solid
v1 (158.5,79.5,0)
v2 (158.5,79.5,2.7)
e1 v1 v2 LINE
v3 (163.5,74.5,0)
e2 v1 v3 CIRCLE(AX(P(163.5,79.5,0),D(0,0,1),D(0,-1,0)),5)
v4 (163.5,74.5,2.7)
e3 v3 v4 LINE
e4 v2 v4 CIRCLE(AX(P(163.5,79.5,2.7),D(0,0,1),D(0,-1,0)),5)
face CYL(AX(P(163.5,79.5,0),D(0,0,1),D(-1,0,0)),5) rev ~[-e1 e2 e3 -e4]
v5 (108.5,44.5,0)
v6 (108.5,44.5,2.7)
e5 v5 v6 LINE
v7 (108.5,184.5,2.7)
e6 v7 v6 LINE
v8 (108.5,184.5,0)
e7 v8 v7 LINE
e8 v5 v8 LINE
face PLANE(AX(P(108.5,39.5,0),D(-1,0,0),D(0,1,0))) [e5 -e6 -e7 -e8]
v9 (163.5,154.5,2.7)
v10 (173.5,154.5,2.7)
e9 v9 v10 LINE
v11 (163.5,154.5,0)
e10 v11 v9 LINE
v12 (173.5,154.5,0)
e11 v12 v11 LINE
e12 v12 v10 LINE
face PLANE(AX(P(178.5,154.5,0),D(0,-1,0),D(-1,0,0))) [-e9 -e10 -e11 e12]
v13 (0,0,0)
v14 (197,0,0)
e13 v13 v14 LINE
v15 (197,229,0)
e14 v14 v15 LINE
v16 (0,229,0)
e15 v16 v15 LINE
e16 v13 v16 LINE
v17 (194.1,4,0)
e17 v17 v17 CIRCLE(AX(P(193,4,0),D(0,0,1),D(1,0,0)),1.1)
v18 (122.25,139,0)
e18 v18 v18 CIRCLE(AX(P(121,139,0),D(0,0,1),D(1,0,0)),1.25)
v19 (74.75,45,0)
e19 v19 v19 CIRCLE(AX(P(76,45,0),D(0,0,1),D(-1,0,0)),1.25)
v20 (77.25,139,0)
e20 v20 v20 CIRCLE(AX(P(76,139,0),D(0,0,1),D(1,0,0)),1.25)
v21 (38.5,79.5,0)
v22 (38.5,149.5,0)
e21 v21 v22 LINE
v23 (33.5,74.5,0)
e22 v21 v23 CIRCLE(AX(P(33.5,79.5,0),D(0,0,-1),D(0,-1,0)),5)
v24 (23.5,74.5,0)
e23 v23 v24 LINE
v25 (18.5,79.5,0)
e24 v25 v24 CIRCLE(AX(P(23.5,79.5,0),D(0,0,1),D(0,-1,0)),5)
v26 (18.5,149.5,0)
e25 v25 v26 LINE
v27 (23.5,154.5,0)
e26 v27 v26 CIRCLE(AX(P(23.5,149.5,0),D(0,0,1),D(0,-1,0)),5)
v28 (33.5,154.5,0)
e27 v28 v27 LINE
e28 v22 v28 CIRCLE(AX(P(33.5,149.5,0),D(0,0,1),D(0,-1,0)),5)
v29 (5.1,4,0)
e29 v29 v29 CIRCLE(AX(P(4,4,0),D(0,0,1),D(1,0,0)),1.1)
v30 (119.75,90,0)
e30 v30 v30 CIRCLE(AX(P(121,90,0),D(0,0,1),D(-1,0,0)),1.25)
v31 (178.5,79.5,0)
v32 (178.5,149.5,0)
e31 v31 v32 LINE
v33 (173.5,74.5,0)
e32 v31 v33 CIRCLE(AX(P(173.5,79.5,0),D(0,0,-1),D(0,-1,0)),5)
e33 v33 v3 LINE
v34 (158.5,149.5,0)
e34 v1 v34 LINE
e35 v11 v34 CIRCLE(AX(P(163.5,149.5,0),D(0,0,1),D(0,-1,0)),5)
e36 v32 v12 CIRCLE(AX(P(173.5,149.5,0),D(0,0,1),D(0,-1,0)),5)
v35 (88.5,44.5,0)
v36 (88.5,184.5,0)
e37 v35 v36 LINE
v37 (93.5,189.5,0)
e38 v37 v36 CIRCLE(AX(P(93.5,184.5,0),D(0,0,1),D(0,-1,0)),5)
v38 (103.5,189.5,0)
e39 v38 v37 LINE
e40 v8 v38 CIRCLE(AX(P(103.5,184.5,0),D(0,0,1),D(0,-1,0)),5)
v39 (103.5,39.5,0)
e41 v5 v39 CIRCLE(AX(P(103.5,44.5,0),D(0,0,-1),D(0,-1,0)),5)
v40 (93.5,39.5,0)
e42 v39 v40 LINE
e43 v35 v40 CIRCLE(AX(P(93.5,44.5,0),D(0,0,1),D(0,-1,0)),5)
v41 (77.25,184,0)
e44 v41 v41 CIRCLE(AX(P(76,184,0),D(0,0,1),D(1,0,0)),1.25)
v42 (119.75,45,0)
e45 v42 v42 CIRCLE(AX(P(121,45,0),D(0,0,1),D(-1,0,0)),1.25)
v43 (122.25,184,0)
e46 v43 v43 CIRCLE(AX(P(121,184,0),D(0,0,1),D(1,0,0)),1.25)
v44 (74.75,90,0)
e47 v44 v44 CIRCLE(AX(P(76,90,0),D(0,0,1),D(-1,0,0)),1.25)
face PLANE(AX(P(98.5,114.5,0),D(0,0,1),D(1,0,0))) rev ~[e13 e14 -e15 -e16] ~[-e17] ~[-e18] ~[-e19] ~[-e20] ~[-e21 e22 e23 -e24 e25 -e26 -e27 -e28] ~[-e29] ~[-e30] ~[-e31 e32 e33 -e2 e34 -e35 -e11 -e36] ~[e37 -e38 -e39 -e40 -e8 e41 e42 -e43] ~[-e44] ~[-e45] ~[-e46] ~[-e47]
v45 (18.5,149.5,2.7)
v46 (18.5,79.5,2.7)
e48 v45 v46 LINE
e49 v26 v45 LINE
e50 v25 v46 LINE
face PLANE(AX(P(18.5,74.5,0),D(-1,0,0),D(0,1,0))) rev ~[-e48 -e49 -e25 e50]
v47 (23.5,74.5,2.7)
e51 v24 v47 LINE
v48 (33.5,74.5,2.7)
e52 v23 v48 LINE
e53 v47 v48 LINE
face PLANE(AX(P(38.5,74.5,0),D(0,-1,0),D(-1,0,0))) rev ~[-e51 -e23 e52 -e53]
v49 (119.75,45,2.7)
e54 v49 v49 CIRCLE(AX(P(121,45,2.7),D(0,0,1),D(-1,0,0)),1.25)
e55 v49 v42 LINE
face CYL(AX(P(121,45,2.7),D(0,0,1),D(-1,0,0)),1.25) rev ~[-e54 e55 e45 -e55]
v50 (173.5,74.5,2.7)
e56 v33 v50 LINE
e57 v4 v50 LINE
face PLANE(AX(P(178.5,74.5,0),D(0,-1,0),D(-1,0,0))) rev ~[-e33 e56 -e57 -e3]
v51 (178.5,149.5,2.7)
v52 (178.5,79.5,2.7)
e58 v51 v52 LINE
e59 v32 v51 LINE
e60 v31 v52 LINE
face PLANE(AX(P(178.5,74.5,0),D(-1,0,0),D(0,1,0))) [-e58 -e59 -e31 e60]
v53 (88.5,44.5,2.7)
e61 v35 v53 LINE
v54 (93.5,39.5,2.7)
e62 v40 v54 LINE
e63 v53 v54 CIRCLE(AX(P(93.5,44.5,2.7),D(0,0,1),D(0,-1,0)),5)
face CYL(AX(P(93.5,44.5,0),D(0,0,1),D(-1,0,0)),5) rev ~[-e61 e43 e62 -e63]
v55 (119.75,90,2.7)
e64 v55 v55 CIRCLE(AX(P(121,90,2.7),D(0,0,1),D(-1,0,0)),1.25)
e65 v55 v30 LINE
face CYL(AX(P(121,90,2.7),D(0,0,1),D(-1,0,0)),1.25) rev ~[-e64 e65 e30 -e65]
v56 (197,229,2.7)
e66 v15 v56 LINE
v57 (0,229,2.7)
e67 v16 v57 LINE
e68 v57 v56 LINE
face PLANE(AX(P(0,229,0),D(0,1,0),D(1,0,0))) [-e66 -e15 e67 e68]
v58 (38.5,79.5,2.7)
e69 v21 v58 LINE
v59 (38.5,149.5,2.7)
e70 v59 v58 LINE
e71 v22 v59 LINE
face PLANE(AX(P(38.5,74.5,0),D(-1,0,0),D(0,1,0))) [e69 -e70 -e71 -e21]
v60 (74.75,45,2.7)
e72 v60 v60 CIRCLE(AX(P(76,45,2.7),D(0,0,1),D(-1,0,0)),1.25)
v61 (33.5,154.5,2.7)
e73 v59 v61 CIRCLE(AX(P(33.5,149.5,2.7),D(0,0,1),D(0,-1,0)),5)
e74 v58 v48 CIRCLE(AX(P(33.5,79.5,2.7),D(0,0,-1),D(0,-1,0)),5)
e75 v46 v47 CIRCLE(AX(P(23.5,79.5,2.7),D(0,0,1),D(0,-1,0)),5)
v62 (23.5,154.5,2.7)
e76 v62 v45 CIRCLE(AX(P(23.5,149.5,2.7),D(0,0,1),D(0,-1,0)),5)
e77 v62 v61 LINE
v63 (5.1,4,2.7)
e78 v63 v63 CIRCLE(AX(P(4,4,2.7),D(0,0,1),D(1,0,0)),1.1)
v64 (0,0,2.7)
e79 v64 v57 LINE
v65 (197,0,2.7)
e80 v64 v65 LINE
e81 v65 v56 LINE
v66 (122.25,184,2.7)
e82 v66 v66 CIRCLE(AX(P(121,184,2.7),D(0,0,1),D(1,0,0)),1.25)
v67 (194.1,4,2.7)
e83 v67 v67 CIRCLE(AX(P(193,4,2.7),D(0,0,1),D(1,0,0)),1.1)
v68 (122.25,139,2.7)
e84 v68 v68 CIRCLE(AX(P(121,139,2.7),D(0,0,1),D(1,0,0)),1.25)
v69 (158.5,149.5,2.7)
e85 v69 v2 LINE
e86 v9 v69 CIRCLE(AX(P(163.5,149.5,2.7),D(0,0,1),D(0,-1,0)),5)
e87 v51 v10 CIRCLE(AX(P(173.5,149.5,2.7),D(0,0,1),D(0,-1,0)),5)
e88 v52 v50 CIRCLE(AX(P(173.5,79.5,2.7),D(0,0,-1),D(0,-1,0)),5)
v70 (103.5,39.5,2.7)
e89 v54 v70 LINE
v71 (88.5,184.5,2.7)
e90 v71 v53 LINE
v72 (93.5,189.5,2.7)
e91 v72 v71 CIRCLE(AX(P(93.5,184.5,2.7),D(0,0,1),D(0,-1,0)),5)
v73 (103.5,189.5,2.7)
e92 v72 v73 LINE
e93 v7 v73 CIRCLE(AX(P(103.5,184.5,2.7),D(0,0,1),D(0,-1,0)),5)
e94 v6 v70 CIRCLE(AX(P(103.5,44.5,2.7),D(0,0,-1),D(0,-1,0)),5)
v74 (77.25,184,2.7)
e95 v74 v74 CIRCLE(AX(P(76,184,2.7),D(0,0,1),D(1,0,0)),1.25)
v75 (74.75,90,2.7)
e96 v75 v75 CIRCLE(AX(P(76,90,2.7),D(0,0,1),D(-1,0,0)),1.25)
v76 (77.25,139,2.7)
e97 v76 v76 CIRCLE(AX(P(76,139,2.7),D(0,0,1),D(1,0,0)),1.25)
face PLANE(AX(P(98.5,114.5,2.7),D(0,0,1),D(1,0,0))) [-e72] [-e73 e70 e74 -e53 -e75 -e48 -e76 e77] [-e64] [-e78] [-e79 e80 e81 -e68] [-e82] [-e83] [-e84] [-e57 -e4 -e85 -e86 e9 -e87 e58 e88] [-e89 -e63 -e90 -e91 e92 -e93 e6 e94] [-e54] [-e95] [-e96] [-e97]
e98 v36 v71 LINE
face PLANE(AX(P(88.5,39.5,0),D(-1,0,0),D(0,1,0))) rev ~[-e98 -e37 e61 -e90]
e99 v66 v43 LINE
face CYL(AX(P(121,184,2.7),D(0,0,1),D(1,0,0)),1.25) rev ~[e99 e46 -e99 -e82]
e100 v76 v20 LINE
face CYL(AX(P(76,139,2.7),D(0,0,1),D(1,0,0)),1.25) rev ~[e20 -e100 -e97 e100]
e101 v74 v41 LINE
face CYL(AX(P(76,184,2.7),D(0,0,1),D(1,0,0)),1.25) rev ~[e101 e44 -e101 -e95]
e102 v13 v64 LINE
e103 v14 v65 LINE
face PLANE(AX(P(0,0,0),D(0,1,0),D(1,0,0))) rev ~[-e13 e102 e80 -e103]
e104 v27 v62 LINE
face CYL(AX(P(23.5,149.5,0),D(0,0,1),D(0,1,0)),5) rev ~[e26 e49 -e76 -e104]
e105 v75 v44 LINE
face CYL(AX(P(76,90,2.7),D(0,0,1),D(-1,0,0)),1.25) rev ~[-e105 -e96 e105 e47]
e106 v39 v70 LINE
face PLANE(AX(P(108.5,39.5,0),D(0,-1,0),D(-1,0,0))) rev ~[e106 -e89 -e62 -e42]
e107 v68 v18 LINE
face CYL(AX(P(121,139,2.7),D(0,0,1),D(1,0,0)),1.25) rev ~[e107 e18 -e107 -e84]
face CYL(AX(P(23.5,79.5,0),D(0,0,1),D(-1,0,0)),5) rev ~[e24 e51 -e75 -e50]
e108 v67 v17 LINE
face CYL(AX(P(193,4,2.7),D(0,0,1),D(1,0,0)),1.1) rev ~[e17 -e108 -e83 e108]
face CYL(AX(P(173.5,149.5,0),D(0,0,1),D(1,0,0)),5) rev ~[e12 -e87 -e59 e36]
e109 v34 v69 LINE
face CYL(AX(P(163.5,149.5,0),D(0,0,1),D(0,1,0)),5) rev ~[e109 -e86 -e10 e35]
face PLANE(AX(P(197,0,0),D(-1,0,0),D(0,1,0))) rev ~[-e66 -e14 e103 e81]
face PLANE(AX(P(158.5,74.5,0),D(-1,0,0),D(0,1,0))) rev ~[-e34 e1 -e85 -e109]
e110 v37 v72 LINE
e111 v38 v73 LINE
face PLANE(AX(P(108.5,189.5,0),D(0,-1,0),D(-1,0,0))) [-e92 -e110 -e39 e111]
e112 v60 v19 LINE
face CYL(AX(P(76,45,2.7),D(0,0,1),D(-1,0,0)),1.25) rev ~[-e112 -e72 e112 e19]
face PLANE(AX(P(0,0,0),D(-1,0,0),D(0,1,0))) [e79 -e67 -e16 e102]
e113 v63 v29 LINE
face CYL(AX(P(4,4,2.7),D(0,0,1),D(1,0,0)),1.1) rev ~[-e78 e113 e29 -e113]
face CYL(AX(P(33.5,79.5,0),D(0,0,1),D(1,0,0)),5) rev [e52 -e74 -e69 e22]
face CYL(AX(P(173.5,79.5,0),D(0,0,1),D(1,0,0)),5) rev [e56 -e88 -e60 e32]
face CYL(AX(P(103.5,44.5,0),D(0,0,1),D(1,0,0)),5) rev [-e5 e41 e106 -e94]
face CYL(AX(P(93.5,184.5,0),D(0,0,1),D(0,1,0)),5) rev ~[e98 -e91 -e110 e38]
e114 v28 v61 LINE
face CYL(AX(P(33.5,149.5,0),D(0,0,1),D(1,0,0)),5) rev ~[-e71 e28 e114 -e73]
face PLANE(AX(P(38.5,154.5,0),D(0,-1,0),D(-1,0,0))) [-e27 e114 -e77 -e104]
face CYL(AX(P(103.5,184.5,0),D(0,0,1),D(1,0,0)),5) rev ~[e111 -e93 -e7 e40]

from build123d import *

# Parameters (mm, degrees)
SKETCH_1_W          = 197
SKETCH_1_H          = 229
EXTRUDE_1_DEPTH     = 2.7
SKETCH_2_R          = 1.1
CUT_EXTRUDE_1_DEPTH = 2.85
SKETCH_6_W          = 20
SKETCH_6_H          = 80
SKETCH_6_H_2        = 150
CUT_EXTRUDE_4_DEPTH = 10
FILLET_1_R          = 5
SKETCH_7_R          = 1.25
CUT_EXTRUDE_5_DEPTH = 10


with BuildPart() as part:
    # 草图1 → 凸台-拉伸1 (new body)
    with BuildSketch(Plane.XY):
        with Locations((98.5, 114.5)):
            Rectangle(SKETCH_1_W, SKETCH_1_H)
    extrude(amount=EXTRUDE_1_DEPTH)

    # 草图2 → 切除-拉伸1 (cut)
    with BuildSketch(Plane.XY.offset(2.7)):
        with Locations((4, 4)):
            Circle(SKETCH_2_R)
        with Locations((193, 4)):
            Circle(SKETCH_2_R)
    extrude(amount=-CUT_EXTRUDE_1_DEPTH, mode=Mode.SUBTRACT)

    # 草图6 → 切除-拉伸4 (cut)
    with BuildSketch(Plane(origin=(0, 0, 0), x_dir=(-1, 0, 0), z_dir=(0, 0, -1))):
        with Locations((-168.5, 114.5)):
            Rectangle(SKETCH_6_W, SKETCH_6_H)
        with Locations((-28.5, 114.5)):
            Rectangle(SKETCH_6_W, SKETCH_6_H)
        with Locations((-98.5, 114.5)):
            Rectangle(SKETCH_6_W, SKETCH_6_H_2)
    extrude(amount=-CUT_EXTRUDE_4_DEPTH, mode=Mode.SUBTRACT)

    # 圆角1
    fillet_1_edges = [part.edges().sort_by_distance(p)[0] for p in [
        (178.5, 74.5, 1.35),
        (178.5, 154.5, 1.35),
        (158.5, 154.5, 1.35),
        (158.5, 74.5, 1.35),
        (38.5, 74.5, 1.35),
        (38.5, 154.5, 1.35),
        (18.5, 154.5, 1.35),
        (18.5, 74.5, 1.35),
        (108.5, 39.5, 1.35),
        (108.5, 189.5, 1.35),
        (88.5, 189.5, 1.35),
        (88.5, 39.5, 1.35),
    ]]
    fillet(fillet_1_edges, radius=FILLET_1_R)

    # 草图7 → 切除-拉伸5 (cut)
    with BuildSketch(Plane.XY.offset(2.7)):
        with Locations((76, 184)):
            Circle(SKETCH_7_R)
        with Locations((121, 184)):
            Circle(SKETCH_7_R)
        with Locations((76, 139)):
            Circle(SKETCH_7_R)
        with Locations((121, 139)):
            Circle(SKETCH_7_R)
        with Locations(Location((121, 90, 0), (0, 0, 180))):
            Circle(SKETCH_7_R)
        with Locations(Location((76, 90, 0), (0, 0, 180))):
            Circle(SKETCH_7_R)
        with Locations(Location((121, 45, 0), (0, 0, 180))):
            Circle(SKETCH_7_R)
        with Locations(Location((76, 45, 0), (0, 0, 180))):
            Circle(SKETCH_7_R)
    extrude(amount=-CUT_EXTRUDE_5_DEPTH, mode=Mode.SUBTRACT)


solid = part.part
